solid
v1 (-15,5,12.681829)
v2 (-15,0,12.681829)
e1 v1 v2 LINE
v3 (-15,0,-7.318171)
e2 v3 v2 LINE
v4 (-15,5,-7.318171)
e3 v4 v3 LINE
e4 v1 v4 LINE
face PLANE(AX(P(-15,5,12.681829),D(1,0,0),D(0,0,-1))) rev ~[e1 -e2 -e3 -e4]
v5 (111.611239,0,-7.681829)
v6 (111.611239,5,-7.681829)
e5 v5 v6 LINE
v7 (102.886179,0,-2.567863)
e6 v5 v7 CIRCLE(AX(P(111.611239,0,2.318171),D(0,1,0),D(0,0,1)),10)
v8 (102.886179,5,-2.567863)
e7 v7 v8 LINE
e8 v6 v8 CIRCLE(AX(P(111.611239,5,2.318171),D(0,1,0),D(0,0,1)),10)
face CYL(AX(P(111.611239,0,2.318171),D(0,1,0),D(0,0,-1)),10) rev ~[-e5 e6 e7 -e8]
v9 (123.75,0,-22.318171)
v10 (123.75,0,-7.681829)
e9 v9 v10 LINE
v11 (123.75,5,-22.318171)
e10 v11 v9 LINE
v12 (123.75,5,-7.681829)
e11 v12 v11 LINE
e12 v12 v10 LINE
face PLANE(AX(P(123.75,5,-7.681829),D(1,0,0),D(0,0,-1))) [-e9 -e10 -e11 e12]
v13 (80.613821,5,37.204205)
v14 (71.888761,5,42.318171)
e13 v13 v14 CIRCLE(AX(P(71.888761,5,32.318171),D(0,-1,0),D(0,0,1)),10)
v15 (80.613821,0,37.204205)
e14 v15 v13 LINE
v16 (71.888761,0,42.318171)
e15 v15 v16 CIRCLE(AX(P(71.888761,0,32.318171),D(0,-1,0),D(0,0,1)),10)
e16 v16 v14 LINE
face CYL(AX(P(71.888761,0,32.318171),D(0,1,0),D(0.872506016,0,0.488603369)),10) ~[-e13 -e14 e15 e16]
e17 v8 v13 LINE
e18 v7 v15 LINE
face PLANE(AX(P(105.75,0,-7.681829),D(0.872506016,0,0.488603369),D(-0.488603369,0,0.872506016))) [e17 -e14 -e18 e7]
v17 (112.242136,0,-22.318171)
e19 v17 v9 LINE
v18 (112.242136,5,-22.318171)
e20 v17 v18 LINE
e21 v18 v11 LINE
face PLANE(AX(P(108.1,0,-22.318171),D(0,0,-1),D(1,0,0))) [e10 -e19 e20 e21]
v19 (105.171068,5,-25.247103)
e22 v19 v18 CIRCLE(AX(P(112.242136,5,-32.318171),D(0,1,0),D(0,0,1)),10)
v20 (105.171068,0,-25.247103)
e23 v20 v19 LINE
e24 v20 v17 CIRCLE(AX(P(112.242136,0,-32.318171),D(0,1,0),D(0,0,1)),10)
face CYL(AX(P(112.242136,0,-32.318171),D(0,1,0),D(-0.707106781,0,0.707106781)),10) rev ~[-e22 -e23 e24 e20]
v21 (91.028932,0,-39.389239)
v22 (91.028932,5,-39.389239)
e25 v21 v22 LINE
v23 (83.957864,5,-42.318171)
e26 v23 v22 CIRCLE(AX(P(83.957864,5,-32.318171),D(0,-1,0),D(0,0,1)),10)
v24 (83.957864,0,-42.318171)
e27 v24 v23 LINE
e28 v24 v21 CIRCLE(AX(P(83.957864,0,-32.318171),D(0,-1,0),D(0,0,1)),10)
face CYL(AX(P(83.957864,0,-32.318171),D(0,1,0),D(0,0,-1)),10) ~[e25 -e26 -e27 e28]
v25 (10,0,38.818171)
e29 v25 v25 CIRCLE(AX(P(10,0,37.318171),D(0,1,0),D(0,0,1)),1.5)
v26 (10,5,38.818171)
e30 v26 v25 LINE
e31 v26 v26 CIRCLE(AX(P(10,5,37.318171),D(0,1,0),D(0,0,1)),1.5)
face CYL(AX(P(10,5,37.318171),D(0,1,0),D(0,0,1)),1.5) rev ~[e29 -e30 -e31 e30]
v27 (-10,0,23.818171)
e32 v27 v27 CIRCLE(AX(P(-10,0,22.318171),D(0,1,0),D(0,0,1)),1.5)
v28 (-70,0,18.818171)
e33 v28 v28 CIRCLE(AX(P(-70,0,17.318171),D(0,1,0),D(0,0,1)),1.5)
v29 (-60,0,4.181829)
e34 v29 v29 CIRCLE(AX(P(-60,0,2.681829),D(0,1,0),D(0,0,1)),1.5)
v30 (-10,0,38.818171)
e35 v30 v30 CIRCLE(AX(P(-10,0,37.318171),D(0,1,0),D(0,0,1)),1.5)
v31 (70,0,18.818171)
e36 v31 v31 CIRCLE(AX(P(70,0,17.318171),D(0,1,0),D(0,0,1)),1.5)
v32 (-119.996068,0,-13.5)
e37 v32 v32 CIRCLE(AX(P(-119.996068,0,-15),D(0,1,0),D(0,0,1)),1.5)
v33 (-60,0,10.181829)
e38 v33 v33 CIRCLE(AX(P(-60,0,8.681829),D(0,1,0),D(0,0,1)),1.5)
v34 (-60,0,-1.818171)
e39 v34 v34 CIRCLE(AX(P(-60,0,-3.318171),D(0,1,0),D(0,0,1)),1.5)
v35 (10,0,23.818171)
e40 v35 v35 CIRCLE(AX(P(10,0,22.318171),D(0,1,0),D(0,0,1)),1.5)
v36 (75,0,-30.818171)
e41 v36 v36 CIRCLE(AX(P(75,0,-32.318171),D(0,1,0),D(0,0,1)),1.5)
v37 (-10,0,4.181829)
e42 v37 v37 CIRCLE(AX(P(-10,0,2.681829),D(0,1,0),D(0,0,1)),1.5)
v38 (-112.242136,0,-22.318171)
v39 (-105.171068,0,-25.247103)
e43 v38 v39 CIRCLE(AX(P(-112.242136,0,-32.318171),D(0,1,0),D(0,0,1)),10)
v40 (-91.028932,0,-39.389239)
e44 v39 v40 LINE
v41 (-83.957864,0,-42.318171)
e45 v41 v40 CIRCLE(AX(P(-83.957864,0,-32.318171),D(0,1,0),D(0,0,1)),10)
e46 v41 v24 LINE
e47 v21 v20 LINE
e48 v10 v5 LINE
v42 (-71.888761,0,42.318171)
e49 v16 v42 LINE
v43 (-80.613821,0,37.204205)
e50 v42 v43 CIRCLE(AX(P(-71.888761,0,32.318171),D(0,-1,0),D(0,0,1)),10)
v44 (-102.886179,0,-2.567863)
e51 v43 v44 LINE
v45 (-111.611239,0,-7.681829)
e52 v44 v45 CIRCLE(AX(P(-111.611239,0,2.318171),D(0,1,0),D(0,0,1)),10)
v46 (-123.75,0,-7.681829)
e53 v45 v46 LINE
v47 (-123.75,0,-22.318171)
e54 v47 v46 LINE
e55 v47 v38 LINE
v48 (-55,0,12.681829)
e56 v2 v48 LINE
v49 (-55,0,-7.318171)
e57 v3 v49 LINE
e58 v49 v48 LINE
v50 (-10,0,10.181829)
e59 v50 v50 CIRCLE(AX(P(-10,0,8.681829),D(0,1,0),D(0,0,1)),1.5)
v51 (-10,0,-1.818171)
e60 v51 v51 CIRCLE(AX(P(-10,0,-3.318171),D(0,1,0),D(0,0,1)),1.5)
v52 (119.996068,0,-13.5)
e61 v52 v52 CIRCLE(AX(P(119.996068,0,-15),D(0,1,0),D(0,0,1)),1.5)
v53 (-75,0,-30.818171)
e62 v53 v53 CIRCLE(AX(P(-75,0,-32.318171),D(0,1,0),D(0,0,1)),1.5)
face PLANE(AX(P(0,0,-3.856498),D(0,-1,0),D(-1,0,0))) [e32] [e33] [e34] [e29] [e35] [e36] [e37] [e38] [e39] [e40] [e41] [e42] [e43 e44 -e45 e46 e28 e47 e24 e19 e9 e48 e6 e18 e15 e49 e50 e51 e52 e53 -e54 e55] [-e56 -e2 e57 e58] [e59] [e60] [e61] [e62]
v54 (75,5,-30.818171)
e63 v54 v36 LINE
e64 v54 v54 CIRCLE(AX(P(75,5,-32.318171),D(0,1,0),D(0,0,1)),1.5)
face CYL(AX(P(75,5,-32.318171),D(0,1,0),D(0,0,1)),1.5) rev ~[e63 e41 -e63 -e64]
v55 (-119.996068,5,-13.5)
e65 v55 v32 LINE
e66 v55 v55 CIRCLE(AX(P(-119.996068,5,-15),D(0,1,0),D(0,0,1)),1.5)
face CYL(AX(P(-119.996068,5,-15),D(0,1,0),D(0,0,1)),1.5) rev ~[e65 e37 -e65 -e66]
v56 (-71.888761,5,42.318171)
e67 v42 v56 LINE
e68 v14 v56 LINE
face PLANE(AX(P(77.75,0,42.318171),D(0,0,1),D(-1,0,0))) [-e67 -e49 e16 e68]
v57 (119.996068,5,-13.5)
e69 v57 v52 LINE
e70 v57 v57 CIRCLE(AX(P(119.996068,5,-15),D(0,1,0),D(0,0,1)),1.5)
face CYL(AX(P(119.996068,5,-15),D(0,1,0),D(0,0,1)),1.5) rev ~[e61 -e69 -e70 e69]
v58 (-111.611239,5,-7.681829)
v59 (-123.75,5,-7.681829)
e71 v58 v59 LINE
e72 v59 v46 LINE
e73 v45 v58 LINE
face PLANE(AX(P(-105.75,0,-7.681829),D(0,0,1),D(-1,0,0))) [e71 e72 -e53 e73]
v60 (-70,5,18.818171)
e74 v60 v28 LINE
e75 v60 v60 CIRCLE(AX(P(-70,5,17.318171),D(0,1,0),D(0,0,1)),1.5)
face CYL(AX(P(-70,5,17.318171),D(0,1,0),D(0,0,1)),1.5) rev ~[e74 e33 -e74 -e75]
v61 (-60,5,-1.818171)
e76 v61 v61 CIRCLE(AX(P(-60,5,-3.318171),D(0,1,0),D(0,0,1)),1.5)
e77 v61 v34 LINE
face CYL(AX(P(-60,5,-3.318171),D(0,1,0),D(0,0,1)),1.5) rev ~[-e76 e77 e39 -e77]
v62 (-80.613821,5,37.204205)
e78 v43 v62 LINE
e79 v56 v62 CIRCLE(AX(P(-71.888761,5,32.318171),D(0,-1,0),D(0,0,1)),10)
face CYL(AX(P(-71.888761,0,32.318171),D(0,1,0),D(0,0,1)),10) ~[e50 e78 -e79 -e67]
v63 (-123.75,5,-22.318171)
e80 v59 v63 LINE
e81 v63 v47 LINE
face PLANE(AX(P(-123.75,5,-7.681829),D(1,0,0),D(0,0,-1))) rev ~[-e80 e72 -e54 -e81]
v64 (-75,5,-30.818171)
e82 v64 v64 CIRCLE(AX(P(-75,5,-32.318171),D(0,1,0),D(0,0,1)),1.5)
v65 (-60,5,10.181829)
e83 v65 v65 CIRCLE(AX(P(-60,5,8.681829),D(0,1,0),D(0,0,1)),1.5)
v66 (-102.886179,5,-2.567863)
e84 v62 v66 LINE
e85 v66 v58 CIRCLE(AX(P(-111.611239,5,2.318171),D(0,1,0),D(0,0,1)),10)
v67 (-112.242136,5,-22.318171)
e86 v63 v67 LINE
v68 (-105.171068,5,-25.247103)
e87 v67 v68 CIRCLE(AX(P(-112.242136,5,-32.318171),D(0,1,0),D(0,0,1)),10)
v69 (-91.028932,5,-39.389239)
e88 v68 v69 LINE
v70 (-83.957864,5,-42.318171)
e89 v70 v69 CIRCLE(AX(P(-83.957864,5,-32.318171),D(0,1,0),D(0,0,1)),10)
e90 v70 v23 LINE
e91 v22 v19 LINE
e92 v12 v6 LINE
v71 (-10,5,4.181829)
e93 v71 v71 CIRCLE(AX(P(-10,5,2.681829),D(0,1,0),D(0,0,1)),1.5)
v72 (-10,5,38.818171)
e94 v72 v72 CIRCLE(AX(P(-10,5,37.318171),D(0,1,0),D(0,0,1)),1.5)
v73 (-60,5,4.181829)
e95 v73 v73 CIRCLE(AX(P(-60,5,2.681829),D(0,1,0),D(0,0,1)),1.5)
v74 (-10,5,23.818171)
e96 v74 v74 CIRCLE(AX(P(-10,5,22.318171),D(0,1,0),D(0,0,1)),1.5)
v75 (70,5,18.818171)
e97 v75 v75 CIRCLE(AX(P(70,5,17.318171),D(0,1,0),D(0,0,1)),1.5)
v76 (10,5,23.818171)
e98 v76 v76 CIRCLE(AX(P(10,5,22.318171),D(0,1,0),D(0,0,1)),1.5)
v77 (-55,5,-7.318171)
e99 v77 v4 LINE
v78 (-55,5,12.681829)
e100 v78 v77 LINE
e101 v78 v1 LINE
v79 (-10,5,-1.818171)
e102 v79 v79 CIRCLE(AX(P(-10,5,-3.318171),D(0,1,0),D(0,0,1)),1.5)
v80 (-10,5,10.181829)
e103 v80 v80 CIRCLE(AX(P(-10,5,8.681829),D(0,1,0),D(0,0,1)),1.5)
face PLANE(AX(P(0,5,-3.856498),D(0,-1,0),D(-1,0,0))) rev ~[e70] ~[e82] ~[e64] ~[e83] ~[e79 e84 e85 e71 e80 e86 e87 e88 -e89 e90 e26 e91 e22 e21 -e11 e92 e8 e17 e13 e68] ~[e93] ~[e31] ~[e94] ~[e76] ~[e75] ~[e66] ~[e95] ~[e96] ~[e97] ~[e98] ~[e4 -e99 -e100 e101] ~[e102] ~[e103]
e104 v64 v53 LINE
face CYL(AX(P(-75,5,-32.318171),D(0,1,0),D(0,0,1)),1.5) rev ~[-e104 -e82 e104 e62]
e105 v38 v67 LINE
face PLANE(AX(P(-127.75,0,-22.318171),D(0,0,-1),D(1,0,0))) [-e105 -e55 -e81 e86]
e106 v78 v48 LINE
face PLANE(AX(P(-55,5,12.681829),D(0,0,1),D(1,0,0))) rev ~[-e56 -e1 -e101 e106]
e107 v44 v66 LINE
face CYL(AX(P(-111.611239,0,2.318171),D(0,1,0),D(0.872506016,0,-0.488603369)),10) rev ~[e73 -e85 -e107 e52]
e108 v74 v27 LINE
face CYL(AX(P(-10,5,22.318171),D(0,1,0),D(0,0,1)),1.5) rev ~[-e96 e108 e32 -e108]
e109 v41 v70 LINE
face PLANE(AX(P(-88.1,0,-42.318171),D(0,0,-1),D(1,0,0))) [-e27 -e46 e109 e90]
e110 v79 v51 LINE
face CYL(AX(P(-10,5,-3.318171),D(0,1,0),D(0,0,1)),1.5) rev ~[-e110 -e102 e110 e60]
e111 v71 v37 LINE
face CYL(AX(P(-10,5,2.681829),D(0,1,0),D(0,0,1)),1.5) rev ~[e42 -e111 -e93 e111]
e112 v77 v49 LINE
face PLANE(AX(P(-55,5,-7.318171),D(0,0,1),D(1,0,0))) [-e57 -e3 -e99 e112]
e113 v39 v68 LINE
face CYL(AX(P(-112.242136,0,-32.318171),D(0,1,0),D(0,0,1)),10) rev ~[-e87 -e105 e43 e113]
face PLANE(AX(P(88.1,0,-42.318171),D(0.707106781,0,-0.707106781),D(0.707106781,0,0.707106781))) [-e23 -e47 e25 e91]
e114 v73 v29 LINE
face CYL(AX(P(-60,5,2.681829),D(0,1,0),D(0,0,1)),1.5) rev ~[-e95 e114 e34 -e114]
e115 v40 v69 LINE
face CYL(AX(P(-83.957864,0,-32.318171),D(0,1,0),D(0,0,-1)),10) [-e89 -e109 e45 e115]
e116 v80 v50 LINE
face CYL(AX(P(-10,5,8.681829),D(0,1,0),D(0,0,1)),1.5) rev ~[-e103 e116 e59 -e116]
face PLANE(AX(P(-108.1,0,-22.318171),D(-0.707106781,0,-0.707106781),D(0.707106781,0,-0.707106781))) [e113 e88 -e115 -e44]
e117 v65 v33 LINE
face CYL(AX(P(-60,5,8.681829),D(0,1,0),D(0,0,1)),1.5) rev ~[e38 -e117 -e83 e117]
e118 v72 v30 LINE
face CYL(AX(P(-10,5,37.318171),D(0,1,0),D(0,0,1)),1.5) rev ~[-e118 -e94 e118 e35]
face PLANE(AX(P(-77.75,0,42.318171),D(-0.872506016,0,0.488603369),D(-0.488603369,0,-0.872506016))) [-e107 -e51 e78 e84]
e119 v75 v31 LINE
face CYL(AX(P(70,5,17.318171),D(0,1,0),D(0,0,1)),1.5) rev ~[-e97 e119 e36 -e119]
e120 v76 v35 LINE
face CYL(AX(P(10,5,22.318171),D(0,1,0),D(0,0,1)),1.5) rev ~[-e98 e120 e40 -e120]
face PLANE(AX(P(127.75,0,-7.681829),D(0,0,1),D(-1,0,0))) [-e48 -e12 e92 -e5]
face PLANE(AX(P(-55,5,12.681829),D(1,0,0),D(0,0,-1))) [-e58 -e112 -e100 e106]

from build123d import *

# Parameters (mm, degrees)
SALIENTE_EXTRUIR1_DEPTH = 5
REDONDEO1_R             = 10
CROQUIS2_R              = 1.5
CROQUIS2_W              = 40
CROQUIS2_H              = 20
CORTAR_EXTRUIR1_DEPTH   = 135.669558943
CROQUIS3_W              = 4
CROQUIS3_H              = 14.636342218
CORTAR_EXTRUIR2_DEPTH   = 135.669558943


with BuildPart() as part:
    # Croquis1 → Saliente-Extruir1 (new body)
    with BuildSketch(Plane(origin=(0, 0, 0), x_dir=(1, 0, 0), z_dir=(0, 1, 0))):
        Polygon((-88.1, 42.318171109), (88.1, 42.318171109), (108.1, 22.318171109), (127.75, 22.318171109), (127.75, 7.681828891), (105.75, 7.681828891), (77.75, -42.318171109), (-77.75, -42.318171109), (-105.75, 7.681828891), (-127.75, 7.681828891), (-127.75, 22.318171109), (-108.1, 22.318171109), align=None)
    extrude(amount=SALIENTE_EXTRUIR1_DEPTH)

    # Redondeo1
    redondeo1_edges = [part.edges().sort_by_distance(p)[0] for p in [
        (-88.1, 2.5, -42.318171109),
        (88.1, 2.5, -42.318171109),
        (108.1, 2.5, -22.318171109),
        (105.75, 2.5, -7.681828891),
        (77.75, 2.5, 42.318171109),
        (-77.75, 2.5, 42.318171109),
        (-105.75, 2.5, -7.681828891),
        (-108.1, 2.5, -22.318171109),
    ]]
    fillet(redondeo1_edges, radius=REDONDEO1_R)

    # Croquis2 → Cortar-Extruir1 (cut, through all)
    with BuildSketch(Plane(origin=(0, 5, 0), x_dir=(1, 0, 0), z_dir=(0, 1, 0))):
        with Locations(Location((70, -17.318171109, 0), (0, 0, 270))):
            Circle(CROQUIS2_R)
        with Locations(Location((-70, -17.318171109, 0), (0, 0, 270))):
            Circle(CROQUIS2_R)
        with Locations(Location((-119.996067812, 15, 0), (0, 0, 270))):
            Circle(CROQUIS2_R)
        with Locations(Location((119.996067812, 15, 0), (0, 0, 270))):
            Circle(CROQUIS2_R)
        with Locations(Location((-75, 32.318171109, 0), (0, 0, 270))):
            Circle(CROQUIS2_R)
        with Locations(Location((75, 32.318171109, 0), (0, 0, 270))):
            Circle(CROQUIS2_R)
        with Locations(Location((-10, -22.318171109, 0), (0, 0, 270))):
            Circle(CROQUIS2_R)
        with Locations(Location((10, -22.318171109, 0), (0, 0, 270))):
            Circle(CROQUIS2_R)
        with Locations(Location((-10, -37.318171109, 0), (0, 0, 270))):
            Circle(CROQUIS2_R)
        with Locations(Location((10, -37.318171109, 0), (0, 0, 270))):
            Circle(CROQUIS2_R)
        with Locations(Location((-60, -2.681828891, 0), (0, 0, 270))):
            Circle(CROQUIS2_R)
        with Locations(Location((-10, -2.681828891, 0), (0, 0, 270))):
            Circle(CROQUIS2_R)
        with Locations(Location((-60, 3.318171109, 0), (0, 0, 270))):
            Circle(CROQUIS2_R)
        with Locations(Location((-60, -8.681828891, 0), (0, 0, 270))):
            Circle(CROQUIS2_R)
        with Locations(Location((-10, 3.318171109, 0), (0, 0, 270))):
            Circle(CROQUIS2_R)
        with Locations(Location((-10, -8.681828891, 0), (0, 0, 270))):
            Circle(CROQUIS2_R)
        with Locations((-35, -2.681828891)):
            Rectangle(CROQUIS2_W, CROQUIS2_H)
    extrude(amount=-CORTAR_EXTRUIR1_DEPTH, mode=Mode.SUBTRACT)

    # Croquis3 → Cortar-Extruir2 (cut, through all)
    with BuildSketch(Plane(origin=(0, 5, 0), x_dir=(1, 0, 0), z_dir=(0, 1, 0))):
        with Locations((-125.75, 15)):
            Rectangle(CROQUIS3_W, CROQUIS3_H)
        with Locations((125.75, 15)):
            Rectangle(CROQUIS3_W, CROQUIS3_H)
    extrude(amount=-CORTAR_EXTRUIR2_DEPTH, mode=Mode.SUBTRACT)


solid = part.part
